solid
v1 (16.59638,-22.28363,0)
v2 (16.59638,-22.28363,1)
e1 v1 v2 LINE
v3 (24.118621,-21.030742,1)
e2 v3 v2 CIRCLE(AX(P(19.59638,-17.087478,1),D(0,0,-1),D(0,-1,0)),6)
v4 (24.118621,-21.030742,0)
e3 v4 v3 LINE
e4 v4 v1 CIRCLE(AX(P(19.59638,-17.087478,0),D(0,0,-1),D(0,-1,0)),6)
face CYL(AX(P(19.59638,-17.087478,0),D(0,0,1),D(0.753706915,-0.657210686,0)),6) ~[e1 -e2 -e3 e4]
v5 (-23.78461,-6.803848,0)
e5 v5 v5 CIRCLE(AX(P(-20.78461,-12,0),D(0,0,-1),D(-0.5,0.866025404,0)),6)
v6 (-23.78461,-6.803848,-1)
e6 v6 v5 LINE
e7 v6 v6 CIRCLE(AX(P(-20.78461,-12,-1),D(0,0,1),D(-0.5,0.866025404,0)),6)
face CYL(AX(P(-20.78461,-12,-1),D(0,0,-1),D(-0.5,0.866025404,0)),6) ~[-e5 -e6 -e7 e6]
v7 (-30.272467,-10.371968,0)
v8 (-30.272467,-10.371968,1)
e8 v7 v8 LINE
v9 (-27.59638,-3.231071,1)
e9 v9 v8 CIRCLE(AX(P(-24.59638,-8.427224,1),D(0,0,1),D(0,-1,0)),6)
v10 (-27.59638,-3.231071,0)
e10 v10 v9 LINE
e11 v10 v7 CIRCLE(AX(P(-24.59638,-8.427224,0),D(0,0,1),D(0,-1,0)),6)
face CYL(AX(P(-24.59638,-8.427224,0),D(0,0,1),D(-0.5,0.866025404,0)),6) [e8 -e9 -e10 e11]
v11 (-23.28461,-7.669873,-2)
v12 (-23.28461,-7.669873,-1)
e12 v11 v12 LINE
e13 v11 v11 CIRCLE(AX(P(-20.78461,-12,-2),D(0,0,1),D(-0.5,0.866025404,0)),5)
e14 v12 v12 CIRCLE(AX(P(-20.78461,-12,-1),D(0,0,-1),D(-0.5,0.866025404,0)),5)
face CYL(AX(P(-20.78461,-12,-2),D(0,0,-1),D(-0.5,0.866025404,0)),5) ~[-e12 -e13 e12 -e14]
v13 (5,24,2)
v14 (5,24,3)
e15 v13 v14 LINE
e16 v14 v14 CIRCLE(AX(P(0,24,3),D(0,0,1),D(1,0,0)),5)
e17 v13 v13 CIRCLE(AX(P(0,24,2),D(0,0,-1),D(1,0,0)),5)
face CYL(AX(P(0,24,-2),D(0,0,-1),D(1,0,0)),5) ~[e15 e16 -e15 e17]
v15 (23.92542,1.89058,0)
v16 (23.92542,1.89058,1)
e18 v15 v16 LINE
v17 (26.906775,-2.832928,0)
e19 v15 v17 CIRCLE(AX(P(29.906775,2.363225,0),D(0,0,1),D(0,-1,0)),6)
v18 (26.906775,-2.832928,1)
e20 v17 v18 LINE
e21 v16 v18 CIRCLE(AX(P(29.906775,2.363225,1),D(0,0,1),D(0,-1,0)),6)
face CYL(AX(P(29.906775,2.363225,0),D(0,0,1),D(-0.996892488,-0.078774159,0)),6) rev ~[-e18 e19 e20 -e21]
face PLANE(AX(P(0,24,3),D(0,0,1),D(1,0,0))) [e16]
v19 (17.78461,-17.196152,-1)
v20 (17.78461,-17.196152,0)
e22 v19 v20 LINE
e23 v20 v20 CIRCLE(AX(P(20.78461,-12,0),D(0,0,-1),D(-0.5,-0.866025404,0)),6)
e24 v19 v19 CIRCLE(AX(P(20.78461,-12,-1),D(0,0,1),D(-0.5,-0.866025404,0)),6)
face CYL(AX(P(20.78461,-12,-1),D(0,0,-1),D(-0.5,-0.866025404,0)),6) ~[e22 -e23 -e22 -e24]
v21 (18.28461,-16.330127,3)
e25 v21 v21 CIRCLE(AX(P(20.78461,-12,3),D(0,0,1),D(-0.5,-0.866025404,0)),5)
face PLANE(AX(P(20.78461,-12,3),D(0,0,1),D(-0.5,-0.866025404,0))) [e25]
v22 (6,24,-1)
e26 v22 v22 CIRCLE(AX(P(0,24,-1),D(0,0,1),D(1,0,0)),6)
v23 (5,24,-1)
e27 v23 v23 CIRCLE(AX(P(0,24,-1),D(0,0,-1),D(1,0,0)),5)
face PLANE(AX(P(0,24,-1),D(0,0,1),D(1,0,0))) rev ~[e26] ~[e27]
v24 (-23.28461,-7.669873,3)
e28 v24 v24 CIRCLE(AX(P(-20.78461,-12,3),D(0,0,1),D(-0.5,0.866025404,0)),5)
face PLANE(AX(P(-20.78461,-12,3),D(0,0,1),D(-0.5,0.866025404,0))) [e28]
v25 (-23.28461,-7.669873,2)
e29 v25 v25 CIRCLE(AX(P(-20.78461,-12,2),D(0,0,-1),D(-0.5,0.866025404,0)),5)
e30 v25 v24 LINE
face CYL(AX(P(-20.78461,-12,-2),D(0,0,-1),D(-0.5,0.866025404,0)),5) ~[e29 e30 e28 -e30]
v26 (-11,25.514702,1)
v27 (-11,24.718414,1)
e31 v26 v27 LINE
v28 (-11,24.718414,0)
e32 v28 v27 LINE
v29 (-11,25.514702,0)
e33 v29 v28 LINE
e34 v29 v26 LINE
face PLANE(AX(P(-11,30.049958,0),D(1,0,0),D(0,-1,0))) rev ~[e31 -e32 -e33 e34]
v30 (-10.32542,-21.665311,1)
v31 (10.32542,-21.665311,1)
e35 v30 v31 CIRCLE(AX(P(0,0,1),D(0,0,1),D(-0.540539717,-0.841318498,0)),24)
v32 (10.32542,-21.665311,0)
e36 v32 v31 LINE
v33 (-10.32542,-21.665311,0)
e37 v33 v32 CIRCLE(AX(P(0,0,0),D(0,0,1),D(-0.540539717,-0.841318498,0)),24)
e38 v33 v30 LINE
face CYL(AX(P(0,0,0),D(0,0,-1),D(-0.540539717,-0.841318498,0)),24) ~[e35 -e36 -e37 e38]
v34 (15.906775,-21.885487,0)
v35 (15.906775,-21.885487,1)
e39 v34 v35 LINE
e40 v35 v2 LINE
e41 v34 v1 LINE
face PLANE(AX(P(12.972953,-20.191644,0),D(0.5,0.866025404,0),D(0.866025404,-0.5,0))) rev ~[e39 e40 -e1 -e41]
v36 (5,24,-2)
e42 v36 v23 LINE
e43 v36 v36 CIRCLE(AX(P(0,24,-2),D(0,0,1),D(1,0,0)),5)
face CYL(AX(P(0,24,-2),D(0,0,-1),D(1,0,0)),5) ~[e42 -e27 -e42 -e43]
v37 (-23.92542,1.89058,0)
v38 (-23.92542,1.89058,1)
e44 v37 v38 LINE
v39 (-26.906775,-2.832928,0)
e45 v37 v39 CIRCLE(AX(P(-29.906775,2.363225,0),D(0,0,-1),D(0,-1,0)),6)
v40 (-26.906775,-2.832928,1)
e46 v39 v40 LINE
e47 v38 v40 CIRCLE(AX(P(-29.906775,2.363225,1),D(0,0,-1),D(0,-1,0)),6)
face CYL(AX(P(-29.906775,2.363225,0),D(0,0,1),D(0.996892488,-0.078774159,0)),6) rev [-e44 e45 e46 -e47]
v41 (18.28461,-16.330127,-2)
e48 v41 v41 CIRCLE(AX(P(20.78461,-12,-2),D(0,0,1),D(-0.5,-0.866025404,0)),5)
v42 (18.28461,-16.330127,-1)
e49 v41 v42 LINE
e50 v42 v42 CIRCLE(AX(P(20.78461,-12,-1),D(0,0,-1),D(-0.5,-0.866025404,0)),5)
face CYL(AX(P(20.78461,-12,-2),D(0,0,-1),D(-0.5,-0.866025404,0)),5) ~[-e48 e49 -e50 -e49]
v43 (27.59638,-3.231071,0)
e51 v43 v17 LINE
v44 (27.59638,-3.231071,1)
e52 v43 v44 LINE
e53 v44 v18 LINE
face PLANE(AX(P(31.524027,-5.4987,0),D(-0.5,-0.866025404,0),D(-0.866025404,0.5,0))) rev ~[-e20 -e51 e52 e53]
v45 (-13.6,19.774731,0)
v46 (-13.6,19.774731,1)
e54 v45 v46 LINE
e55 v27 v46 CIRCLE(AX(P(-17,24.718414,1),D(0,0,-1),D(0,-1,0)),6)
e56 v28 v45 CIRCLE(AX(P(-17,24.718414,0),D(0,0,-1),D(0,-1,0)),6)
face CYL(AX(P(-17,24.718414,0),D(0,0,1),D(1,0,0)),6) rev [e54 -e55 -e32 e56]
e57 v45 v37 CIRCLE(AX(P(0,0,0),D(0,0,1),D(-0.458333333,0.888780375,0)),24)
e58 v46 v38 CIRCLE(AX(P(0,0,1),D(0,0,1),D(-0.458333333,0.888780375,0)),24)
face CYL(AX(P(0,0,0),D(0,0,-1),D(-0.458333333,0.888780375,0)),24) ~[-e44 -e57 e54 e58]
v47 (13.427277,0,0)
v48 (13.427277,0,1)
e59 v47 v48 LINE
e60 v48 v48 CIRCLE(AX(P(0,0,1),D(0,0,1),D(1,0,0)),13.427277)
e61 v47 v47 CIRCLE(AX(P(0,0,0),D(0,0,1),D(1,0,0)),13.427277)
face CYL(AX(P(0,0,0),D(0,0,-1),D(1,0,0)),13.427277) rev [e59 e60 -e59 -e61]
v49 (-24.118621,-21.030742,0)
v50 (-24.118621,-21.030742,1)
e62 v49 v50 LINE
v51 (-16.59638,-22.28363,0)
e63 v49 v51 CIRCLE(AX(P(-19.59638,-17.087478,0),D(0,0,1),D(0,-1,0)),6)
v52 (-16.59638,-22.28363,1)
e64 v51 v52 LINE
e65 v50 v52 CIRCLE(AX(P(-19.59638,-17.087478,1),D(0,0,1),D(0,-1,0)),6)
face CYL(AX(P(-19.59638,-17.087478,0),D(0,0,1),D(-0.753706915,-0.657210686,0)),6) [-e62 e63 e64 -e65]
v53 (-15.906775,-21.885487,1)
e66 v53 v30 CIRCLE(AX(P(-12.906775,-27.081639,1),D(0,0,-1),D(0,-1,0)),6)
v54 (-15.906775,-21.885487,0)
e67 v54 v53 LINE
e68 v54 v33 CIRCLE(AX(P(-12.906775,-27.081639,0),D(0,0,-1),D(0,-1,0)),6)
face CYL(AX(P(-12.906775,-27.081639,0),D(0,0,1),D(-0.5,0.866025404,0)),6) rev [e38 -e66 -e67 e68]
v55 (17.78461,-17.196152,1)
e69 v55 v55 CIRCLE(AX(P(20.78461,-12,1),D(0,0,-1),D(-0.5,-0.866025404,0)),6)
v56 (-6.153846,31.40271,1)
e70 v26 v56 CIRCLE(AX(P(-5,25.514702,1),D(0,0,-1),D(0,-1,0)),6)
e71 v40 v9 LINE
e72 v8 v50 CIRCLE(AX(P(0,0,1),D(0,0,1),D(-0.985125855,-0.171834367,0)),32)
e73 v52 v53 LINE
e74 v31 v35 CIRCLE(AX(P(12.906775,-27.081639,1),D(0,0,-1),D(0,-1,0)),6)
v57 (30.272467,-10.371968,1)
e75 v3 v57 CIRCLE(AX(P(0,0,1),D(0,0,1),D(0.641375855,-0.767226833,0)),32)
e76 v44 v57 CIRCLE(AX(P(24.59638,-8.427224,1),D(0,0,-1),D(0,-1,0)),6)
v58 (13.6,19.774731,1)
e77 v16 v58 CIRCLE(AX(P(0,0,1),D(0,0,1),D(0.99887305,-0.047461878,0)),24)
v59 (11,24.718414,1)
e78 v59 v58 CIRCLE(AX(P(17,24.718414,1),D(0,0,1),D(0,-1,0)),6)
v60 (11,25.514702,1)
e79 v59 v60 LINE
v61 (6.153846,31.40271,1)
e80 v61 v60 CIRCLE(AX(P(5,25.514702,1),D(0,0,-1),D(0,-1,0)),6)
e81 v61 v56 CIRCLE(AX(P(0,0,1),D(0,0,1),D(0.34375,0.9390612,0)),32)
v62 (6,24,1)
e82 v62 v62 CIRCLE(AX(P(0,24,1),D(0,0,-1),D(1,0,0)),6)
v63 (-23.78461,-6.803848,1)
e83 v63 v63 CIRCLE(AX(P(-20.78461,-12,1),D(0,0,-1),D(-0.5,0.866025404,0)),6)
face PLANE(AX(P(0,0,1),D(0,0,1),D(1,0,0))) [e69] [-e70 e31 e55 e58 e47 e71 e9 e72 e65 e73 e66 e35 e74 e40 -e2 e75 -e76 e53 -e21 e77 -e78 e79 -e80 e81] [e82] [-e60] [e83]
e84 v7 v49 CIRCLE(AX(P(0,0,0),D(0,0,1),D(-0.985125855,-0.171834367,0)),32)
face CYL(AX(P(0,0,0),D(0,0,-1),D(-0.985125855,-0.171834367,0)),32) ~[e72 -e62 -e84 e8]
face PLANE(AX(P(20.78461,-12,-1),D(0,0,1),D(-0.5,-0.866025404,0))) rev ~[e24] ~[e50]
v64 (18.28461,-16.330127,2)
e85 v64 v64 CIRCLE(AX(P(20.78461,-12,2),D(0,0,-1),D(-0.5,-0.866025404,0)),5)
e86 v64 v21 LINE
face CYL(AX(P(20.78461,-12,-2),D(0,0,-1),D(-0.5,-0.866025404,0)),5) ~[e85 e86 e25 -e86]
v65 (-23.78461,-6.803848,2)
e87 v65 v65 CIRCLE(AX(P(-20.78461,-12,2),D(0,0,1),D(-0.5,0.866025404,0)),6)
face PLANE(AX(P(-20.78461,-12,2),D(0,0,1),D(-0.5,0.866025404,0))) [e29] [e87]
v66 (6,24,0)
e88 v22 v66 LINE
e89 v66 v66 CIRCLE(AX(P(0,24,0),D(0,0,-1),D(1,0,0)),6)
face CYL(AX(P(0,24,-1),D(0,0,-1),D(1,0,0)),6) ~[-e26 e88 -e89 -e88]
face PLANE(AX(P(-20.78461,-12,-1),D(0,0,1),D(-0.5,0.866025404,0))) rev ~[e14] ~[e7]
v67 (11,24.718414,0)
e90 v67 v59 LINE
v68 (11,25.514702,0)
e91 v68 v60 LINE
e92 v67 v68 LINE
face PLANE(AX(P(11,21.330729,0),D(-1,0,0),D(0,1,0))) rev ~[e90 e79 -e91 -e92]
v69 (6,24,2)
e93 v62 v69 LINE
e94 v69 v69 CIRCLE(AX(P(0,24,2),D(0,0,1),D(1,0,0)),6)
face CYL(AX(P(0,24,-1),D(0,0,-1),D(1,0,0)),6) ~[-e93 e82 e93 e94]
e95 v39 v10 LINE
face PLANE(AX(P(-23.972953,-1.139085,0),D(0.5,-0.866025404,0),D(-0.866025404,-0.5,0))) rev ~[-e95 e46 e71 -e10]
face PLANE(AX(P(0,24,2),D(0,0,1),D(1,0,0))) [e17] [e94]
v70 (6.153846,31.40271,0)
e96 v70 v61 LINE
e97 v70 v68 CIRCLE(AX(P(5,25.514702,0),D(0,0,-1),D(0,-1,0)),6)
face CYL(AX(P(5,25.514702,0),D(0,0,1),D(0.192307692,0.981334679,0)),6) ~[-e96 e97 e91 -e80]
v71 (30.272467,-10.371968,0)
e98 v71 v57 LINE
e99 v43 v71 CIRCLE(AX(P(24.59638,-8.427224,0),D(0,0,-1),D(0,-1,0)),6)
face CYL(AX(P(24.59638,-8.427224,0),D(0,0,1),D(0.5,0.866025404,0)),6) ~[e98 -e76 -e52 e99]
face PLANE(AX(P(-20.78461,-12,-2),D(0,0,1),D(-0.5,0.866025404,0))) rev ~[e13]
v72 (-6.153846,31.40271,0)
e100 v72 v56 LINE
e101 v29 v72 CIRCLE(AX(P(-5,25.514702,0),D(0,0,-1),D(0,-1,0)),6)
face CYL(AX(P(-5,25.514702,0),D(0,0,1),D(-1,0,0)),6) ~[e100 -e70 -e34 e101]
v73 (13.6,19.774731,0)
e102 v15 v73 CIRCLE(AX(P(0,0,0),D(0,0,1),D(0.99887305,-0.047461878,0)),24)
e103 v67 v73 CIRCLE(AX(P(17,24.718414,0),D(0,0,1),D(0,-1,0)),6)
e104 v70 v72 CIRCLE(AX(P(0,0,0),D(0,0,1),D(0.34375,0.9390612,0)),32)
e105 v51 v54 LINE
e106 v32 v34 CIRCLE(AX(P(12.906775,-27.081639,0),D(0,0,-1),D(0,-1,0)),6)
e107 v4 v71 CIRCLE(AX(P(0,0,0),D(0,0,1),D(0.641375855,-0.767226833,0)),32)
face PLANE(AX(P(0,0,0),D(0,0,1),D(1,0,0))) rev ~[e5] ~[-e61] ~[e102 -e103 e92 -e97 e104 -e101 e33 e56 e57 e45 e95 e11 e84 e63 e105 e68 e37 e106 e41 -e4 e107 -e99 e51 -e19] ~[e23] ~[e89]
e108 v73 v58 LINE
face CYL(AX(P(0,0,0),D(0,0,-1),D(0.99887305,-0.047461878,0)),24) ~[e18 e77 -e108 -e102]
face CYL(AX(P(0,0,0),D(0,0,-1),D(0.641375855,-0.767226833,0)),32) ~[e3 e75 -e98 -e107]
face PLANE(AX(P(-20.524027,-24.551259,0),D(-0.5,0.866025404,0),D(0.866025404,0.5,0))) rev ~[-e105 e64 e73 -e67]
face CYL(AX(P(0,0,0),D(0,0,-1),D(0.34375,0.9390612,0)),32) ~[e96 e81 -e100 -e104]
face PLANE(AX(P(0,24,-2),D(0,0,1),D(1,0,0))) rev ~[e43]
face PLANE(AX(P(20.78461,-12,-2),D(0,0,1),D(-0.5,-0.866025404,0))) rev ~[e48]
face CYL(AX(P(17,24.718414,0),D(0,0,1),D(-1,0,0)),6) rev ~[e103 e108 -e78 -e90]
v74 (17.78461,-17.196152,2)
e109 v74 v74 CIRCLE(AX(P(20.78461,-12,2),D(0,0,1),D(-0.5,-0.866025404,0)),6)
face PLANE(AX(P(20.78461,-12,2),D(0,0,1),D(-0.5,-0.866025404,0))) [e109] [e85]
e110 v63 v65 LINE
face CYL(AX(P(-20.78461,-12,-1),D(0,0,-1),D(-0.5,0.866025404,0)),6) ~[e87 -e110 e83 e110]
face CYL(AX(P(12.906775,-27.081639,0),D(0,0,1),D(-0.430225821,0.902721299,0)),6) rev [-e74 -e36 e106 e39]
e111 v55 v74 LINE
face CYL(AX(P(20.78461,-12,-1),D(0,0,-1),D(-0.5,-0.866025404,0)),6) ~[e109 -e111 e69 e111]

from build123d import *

# Parameters (mm, degrees)
SKETCH9_R           = 13.427276503
SKETCH9_R_2         = 5
BOSS_EXTRUDE1_DEPTH = 1
FILLET1_R           = 6
BOSS_EXTRUDE2_START = -3
SKETCH14_R          = 5
BOSS_EXTRUDE2_DEPTH = 5
BOSS_EXTRUDE3_START = -2
SKETCH15_R          = 6
BOSS_EXTRUDE3_DEPTH = 3
CIRPATTERN1_COUNT   = 3


with BuildPart() as part:
    # Sketch9 → Boss-Extrude1 (new body)
    with BuildSketch(Plane.XY):
        with BuildLine():
            Line((-11, 30.049958403), (-11, 21.330729008))
            ThreePointArc((-11, 21.330729008), (-20.784609691, 12), (-23.972953202, -1.139085062))
            Line((-23.972953202, -1.139085062), (-31.524027359, -5.49869976))
            ThreePointArc((-31.524027359, -5.49869976), (-27.712812921, -16), (-20.524027359, -24.551258643))
            Line((-20.524027359, -24.551258643), (-12.972953202, -20.191643945))
            ThreePointArc((-12.972953202, -20.191643945), (0, -24), (12.972953202, -20.191643945))
            Line((12.972953202, -20.191643945), (20.524027359, -24.551258643))
            ThreePointArc((20.524027359, -24.551258643), (27.712812921, -16), (31.524027359, -5.49869976))
            Line((31.524027359, -5.49869976), (23.972953202, -1.139085062))
            ThreePointArc((23.972953202, -1.139085062), (20.784609691, 12), (11, 21.330729008))
            Line((11, 21.330729008), (11, 30.049958403))
            ThreePointArc((11, 30.049958403), (0, 32), (-11, 30.049958403))
        make_face()
        Circle(SKETCH9_R, mode=Mode.SUBTRACT)
        with Locations((0, 24)):
            Circle(SKETCH9_R_2, mode=Mode.SUBTRACT)
        with Locations((20.784609691, -12)):
            Circle(SKETCH9_R_2, mode=Mode.SUBTRACT)
        with Locations((-20.784609691, -12)):
            Circle(SKETCH9_R_2, mode=Mode.SUBTRACT)
    extrude(amount=BOSS_EXTRUDE1_DEPTH)

    # Fillet1
    fillet1_edges = [part.edges().sort_by_distance(p)[0] for p in [
        (11, 30.049958403, 0.5),
        (11, 21.330729008, 0.5),
        (23.972953202, -1.139085062, 0.5),
        (31.524027359, -5.49869976, 0.5),
        (20.524027359, -24.551258643, 0.5),
        (12.972953202, -20.191643945, 0.5),
        (-12.972953202, -20.191643945, 0.5),
        (-20.524027359, -24.551258643, 0.5),
        (-31.524027359, -5.49869976, 0.5),
        (-23.972953202, -1.139085062, 0.5),
        (-11, 21.330729008, 0.5),
        (-11, 30.049958403, 0.5),
    ]]
    fillet(fillet1_edges, radius=FILLET1_R)

    # Sketch14 → Boss-Extrude2 (add)
    with BuildSketch(Plane.XY.offset(1).offset(BOSS_EXTRUDE2_START)):
        with Locations((0, 24)):
            Circle(SKETCH14_R)
    boss_extrude2 = extrude(amount=BOSS_EXTRUDE2_DEPTH)

    # Sketch15 → Boss-Extrude3 (add)
    with BuildSketch(Plane.XY.offset(1).offset(BOSS_EXTRUDE3_START)):
        with Locations((0, 24)):
            Circle(SKETCH15_R)
    boss_extrude3 = extrude(amount=BOSS_EXTRUDE3_DEPTH)

    # CirPattern1: Boss-Extrude2, Boss-Extrude3 ×3 about axis
    cirpattern1_axis = Axis((0, 0, 0), (0, 0, 1))
    add([boss_extrude2.rotate(cirpattern1_axis, i * 360 / CIRPATTERN1_COUNT) for i in range(1, CIRPATTERN1_COUNT)])
    add([boss_extrude3.rotate(cirpattern1_axis, i * 360 / CIRPATTERN1_COUNT) for i in range(1, CIRPATTERN1_COUNT)])


solid = part.part
